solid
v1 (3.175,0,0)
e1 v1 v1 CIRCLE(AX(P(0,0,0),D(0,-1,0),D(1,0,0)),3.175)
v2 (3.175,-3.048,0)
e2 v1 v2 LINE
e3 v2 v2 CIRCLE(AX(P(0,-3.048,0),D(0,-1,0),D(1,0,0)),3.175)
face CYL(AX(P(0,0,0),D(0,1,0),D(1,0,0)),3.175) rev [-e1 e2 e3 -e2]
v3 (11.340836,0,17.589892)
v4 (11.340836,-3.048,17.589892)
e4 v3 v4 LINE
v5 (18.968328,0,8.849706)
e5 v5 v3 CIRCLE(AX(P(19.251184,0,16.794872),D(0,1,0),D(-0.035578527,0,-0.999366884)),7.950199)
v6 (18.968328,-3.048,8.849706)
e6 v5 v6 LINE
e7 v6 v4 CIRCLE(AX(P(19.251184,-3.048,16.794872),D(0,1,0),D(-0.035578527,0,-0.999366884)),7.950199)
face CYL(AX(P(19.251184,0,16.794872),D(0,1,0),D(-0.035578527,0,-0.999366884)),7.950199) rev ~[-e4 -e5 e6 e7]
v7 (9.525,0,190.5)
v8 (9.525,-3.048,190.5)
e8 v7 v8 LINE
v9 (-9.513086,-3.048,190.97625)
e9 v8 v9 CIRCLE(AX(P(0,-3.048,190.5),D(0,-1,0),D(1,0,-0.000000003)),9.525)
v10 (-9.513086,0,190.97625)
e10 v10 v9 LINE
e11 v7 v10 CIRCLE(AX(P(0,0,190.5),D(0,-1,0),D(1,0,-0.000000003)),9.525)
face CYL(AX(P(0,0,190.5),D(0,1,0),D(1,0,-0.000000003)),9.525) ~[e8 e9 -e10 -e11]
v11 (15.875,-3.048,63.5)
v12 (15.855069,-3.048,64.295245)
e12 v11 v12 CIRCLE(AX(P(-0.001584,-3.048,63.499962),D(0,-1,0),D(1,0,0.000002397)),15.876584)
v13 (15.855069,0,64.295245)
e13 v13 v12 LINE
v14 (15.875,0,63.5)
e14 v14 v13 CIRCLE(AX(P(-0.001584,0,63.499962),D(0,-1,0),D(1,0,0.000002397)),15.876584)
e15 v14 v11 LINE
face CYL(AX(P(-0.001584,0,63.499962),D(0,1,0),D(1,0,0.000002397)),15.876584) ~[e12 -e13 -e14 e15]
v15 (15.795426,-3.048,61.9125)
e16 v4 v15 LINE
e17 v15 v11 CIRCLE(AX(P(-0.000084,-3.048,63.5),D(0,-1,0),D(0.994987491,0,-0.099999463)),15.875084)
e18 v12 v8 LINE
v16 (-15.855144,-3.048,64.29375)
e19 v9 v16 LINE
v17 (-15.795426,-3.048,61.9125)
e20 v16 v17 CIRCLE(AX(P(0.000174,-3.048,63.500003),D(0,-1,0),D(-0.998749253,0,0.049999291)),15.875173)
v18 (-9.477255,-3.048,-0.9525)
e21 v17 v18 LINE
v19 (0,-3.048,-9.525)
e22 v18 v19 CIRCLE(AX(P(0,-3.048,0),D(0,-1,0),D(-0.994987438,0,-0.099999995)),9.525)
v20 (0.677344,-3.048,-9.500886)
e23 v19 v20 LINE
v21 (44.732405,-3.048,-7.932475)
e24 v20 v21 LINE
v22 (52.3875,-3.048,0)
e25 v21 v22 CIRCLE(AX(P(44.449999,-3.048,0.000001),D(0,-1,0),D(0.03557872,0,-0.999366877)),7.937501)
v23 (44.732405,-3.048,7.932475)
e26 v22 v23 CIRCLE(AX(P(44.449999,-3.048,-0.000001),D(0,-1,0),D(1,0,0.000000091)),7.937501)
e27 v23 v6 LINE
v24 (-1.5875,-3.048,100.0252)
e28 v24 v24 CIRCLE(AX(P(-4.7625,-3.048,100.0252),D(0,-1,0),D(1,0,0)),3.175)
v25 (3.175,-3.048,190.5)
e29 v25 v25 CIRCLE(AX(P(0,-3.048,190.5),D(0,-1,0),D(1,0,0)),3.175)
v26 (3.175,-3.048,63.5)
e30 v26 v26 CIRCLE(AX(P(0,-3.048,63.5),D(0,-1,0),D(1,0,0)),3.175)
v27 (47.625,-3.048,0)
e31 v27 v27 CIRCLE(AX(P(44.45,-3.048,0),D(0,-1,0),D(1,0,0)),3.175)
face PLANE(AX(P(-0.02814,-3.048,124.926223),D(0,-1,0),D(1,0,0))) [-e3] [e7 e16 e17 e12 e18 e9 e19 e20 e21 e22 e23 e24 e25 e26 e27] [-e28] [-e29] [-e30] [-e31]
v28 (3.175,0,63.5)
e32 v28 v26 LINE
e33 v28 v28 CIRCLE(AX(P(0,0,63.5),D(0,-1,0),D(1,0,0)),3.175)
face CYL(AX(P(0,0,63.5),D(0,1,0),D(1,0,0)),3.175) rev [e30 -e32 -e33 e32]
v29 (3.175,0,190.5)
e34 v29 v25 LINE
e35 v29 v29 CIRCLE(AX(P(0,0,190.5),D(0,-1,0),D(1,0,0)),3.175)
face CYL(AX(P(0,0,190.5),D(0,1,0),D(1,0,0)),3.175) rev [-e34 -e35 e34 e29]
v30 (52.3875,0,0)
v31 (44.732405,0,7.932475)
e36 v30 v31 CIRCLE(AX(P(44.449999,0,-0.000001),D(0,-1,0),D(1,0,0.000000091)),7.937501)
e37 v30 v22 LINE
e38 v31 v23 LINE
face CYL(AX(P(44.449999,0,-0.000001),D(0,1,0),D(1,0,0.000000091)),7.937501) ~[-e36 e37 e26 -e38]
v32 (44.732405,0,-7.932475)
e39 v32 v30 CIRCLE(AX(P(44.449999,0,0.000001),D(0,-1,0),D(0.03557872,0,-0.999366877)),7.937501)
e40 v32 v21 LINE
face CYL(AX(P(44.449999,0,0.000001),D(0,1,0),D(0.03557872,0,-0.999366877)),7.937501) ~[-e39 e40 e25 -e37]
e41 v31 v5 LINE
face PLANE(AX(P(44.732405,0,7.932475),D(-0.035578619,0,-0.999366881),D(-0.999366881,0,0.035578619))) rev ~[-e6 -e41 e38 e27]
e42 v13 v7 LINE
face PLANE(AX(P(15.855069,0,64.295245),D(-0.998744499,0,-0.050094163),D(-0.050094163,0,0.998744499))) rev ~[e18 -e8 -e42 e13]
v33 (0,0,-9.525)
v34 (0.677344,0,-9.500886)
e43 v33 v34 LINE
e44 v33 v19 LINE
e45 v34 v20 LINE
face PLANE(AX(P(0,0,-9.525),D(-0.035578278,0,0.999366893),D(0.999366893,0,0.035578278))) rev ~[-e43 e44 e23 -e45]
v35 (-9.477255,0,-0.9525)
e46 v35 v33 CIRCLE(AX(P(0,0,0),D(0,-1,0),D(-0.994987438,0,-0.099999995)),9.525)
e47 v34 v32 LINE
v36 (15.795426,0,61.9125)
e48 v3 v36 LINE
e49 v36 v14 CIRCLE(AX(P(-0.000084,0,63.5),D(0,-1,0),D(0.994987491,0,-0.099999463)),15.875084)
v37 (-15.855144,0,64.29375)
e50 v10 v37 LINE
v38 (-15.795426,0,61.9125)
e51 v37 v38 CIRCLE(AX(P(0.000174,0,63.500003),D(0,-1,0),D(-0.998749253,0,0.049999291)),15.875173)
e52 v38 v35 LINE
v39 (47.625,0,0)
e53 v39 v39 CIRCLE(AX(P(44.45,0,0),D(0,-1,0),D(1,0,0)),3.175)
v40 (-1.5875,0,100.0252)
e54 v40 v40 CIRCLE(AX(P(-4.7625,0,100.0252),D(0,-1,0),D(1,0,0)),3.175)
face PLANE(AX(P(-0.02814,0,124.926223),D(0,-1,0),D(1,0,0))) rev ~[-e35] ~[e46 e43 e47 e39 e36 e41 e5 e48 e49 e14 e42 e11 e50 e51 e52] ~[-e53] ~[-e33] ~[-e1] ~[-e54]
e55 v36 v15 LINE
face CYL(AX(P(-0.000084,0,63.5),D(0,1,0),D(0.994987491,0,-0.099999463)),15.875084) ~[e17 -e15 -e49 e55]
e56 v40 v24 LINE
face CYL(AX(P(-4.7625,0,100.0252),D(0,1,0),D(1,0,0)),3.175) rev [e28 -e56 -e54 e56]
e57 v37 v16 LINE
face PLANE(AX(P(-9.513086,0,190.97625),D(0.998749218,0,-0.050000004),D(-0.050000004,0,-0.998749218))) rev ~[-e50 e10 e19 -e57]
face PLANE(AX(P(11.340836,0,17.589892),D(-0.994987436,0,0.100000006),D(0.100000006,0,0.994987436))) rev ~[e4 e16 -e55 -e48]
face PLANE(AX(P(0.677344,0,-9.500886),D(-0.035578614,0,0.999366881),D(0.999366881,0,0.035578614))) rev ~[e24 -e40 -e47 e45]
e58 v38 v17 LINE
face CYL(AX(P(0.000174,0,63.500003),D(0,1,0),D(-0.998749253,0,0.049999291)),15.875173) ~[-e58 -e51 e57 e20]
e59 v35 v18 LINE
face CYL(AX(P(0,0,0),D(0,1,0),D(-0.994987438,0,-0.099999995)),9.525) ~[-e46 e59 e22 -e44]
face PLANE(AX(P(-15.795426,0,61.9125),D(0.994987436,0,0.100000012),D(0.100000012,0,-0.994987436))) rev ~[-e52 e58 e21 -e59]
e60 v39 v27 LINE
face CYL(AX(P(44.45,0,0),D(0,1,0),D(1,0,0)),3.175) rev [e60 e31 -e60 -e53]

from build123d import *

# Parameters (mm, degrees)
F0_R     = 3.175
F1_DEPTH = 3.048


with BuildPart() as f1:
    # F0 (on Front) → F1 (new body)
    with BuildSketch(Plane.XZ):
        with BuildLine():
            Line((15.855069, 64.295245), (9.525, 190.5))
            ThreePointArc((9.525, 190.5), (-0.238199, 180.977979), (-9.513086, 190.97625))
            Line((-9.513086, 190.97625), (-15.855144, 64.29375))
            ThreePointArc((-15.855144, 64.29375), (-0.000748, 79.375), (15.855069, 64.295245))
        make_face()
        with Locations((-4.7625, 100.0252)):
            Circle(F0_R, mode=Mode.SUBTRACT)
        with BuildLine():
            ThreePointArc((-9.513086, 190.97625), (-0.238199, 180.977979), (9.525, 190.5))
            ThreePointArc((9.525, 190.5), (0.238199, 200.022021), (-9.513086, 190.97625))
        make_face()
        with Locations((0, 190.5)):
            Circle(F0_R, mode=Mode.SUBTRACT)
        with BuildLine():
            ThreePointArc((15.875, 63.5), (15.870016, 63.897747), (15.855069, 64.295245))
            ThreePointArc((15.855069, 64.295245), (-0.000748, 79.375), (-15.855144, 64.29375))
            ThreePointArc((-15.855144, 64.29375), (-15.87001, 63.102003), (-15.795426, 61.9125))
            ThreePointArc((-15.795426, 61.9125), (0, 47.625), (15.795426, 61.9125))
            ThreePointArc((15.795426, 61.9125), (15.855094, 62.705253), (15.875, 63.5))
        make_face()
        with Locations((0, 63.5)):
            Circle(F0_R, mode=Mode.SUBTRACT)
        with BuildLine():
            ThreePointArc((15.795426, 61.9125), (0, 47.625), (-15.795426, 61.9125))
            Line((-15.795426, 61.9125), (-9.477255, -0.9525))
            ThreePointArc((-9.477255, -0.9525), (-0.476848, 9.513056), (9.525, 0))
            ThreePointArc((9.525, 0), (6.970557, -6.491299), (0.677344, -9.500886))
            Line((0.677344, -9.500886), (44.732405, -7.932475))
            ThreePointArc((44.732405, -7.932475), (36.5125, 0), (44.732405, 7.932475))
            Line((44.732405, 7.932475), (18.968328, 8.849706))
            ThreePointArc((18.968328, 8.849706), (13.261204, 11.567463), (11.340836, 17.589892))
            Line((11.340836, 17.589892), (15.795426, 61.9125))
        make_face()
        with BuildLine():
            ThreePointArc((9.525, 0), (-0.476848, 9.513056), (-9.477255, -0.9525))
            ThreePointArc((-9.477255, -0.9525), (-6.389564, -7.063929), (0, -9.525))
            Line((0, -9.525), (0.677344, -9.500886))
            ThreePointArc((0.677344, -9.500886), (6.970557, -6.491299), (9.525, 0))
        make_face()
        Circle(F0_R, mode=Mode.SUBTRACT)
        with BuildLine():
            ThreePointArc((52.3875, 0), (50.161633, 5.51191), (44.732405, 7.932475))
            ThreePointArc((44.732405, 7.932475), (36.5125, 0), (44.732405, -7.932475))
            ThreePointArc((44.732405, -7.932475), (50.161633, -5.51191), (52.3875, 0))
        make_face()
        with Locations((44.45, 0)):
            Circle(F0_R, mode=Mode.SUBTRACT)
    extrude(amount=F1_DEPTH)


solid = f1.part
